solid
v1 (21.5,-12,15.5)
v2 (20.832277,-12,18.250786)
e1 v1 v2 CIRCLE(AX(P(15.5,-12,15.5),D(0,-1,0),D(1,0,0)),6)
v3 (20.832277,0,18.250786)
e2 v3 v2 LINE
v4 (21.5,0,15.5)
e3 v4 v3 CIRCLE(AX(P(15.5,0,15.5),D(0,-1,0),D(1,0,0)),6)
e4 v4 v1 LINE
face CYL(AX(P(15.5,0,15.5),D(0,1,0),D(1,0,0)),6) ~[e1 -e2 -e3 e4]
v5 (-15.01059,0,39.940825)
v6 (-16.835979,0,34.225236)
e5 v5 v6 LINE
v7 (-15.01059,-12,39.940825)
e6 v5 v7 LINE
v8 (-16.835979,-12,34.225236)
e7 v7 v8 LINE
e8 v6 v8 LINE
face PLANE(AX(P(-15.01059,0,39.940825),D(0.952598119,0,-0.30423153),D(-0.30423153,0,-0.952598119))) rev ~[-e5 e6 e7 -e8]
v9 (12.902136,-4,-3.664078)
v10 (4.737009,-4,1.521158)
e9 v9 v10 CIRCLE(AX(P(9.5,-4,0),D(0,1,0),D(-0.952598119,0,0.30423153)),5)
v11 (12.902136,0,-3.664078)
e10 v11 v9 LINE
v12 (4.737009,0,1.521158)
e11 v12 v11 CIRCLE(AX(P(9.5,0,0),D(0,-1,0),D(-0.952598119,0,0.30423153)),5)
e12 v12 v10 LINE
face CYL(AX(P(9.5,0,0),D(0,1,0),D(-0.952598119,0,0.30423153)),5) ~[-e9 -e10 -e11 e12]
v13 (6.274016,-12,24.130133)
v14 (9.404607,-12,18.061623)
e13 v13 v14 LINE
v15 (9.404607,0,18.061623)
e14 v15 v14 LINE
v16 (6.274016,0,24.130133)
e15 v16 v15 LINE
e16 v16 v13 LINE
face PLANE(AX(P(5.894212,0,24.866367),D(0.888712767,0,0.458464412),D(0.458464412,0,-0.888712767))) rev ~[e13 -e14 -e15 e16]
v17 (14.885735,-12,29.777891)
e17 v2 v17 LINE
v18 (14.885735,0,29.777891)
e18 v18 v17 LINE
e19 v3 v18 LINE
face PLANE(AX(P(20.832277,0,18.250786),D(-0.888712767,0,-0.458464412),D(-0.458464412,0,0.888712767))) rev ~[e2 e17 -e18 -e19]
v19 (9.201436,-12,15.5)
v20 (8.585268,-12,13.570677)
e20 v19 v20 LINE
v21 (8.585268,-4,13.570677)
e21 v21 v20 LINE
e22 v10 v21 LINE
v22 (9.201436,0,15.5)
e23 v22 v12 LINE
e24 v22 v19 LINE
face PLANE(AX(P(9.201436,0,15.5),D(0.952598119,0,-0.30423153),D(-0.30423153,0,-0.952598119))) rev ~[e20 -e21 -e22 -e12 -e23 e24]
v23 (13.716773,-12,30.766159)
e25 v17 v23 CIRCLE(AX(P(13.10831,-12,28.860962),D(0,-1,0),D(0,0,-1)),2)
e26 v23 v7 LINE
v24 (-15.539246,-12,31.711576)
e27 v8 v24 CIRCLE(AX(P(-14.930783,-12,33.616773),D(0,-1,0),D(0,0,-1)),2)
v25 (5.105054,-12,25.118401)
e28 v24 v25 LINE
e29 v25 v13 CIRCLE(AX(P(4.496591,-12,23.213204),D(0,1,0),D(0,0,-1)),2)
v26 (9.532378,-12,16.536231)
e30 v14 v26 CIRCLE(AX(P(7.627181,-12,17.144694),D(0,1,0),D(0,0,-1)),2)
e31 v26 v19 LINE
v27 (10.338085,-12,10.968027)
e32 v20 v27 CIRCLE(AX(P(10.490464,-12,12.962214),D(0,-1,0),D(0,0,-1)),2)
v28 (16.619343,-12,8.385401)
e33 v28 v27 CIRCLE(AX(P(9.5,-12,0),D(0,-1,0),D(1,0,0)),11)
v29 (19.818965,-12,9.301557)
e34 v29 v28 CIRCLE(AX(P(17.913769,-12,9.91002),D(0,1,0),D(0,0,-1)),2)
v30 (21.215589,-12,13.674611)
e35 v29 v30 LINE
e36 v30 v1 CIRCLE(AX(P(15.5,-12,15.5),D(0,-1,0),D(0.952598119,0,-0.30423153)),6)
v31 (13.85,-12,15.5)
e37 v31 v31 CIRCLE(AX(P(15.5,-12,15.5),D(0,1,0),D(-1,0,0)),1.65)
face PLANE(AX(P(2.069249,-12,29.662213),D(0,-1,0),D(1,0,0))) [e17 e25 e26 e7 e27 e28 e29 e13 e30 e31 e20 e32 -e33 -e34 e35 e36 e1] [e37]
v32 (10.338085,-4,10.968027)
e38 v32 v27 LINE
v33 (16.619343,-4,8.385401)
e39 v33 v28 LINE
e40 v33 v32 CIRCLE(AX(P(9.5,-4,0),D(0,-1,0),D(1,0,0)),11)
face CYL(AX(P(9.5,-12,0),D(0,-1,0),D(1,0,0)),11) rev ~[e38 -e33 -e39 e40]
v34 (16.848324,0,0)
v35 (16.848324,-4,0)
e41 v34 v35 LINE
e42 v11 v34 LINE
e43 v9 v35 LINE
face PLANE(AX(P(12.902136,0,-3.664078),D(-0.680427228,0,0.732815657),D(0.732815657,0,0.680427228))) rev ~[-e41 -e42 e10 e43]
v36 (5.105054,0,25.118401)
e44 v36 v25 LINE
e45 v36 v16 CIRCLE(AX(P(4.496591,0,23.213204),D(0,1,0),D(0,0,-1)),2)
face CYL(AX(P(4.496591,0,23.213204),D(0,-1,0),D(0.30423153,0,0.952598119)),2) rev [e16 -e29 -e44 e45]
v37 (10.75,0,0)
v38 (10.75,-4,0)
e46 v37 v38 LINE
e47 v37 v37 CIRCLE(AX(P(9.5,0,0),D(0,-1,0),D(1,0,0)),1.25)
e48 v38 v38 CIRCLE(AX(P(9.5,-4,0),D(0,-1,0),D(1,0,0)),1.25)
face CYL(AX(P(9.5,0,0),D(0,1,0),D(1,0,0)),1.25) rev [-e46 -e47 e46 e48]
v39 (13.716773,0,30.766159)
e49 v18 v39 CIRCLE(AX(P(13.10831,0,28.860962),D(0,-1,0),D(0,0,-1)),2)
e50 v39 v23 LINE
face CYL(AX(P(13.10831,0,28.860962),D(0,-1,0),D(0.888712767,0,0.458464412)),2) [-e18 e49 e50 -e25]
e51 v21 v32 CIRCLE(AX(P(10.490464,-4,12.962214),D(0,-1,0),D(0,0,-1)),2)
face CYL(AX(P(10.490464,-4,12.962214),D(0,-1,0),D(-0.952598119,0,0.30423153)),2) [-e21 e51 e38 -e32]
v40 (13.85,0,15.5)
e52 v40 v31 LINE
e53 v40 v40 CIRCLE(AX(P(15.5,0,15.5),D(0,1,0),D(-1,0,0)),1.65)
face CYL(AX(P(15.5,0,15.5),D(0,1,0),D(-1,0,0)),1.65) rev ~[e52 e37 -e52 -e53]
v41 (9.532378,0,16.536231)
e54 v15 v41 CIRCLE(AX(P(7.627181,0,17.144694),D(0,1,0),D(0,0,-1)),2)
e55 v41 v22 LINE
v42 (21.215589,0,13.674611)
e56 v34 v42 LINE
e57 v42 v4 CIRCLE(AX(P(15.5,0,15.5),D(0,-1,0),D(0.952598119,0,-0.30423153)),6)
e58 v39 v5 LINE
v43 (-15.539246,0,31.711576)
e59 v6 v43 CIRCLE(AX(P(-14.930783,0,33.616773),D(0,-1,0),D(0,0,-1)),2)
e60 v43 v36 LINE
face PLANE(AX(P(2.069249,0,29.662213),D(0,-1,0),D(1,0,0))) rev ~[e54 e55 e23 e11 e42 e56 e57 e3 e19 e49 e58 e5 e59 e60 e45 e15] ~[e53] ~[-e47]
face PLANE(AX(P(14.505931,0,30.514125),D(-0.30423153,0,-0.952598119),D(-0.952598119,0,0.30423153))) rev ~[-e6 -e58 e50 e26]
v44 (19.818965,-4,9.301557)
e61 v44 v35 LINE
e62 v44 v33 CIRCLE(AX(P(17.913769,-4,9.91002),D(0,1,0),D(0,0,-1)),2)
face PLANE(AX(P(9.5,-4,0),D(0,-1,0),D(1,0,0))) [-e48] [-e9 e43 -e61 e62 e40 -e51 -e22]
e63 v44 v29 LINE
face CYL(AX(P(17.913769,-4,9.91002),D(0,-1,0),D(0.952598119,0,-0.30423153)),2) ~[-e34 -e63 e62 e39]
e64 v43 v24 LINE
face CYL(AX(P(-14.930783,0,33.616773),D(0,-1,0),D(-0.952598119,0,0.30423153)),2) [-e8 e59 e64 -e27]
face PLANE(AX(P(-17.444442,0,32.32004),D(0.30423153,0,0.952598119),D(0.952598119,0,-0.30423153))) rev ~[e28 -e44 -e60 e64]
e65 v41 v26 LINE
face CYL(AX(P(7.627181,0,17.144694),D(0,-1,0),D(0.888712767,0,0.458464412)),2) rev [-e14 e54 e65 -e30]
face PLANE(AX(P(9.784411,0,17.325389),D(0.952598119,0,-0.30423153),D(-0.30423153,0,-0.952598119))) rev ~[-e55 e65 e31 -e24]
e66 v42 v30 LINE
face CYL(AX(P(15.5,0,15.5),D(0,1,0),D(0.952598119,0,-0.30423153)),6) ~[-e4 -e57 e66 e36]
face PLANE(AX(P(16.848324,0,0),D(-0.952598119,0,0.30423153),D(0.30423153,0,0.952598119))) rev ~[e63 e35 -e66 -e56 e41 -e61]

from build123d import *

# Parameters (mm, degrees)
F0_R     = 1.25
F1_DEPTH = 12
F2_R     = 11
F2_R_2   = 1.25
F3_DEPTH = 8
F4_R     = 2


with BuildPart() as f1:
    # F0 (on Front) → F1 (new body)
    with BuildSketch(Plane.XZ):
        with BuildLine():
            Line((5.8942117522, 24.8663670726), (17.3253891795, 21.2155887136))
            ThreePointArc((17.3253891795, 21.2155887136), (19.3737008087, 20.0819692322), (20.832276605, 18.2507864708))
            Line((20.832276605, 18.2507864708), (14.5059308294, 30.5141249497))
            Line((14.5059308294, 30.5141249497), (-15.0105899225, 39.9408245069))
            Line((-15.0105899225, 39.9408245069), (-17.4444421618, 32.3200395554))
            Line((-17.4444421618, 32.3200395554), (5.8942117522, 24.8663670726))
        make_face()
        with BuildLine():
            Line((5.8942117522, 24.8663670726), (9.7844112864, 17.3253891795))
            ThreePointArc((9.7844112864, 17.3253891795), (12.7492135292, 20.832276605), (17.3253891795, 21.2155887136))
            Line((17.3253891795, 21.2155887136), (5.8942117522, 24.8663670726))
        make_face()
        with BuildLine():
            ThreePointArc((17.3253891795, 21.2155887136), (12.7492135292, 20.832276605), (9.7844112864, 17.3253891795))
            ThreePointArc((9.7844112864, 17.3253891795), (9.5715291903, 16.4237065871), (9.5, 15.5))
            ThreePointArc((9.5, 15.5), (14.5762934129, 9.5715291903), (21.2155887136, 13.6746108205))
            ThreePointArc((21.2155887136, 13.6746108205), (21.4284708097, 14.5762934129), (21.5, 15.5))
            ThreePointArc((21.5, 15.5), (21.3306800474, 16.9153339482), (20.832276605, 18.2507864708))
            ThreePointArc((20.832276605, 18.2507864708), (19.3737008087, 20.0819692322), (17.3253891795, 21.2155887136))
        make_face()
        with BuildLine():
            ThreePointArc((17.15, 15.5), (15.5, 13.85), (13.85, 15.5))
            ThreePointArc((13.85, 15.5), (15.5, 17.15), (17.15, 15.5))
        make_face(mode=Mode.SUBTRACT)
        with BuildLine():
            ThreePointArc((4.7370094053, 1.5211576496), (10.2697554893, 4.9403923414), (14.5, 0))
            ThreePointArc((14.5, 0), (14.0831583376, -1.9986644672), (12.9021361391, -3.6640782867))
            Line((12.9021361391, -3.6640782867), (16.8483243992, 0))
            Line((16.8483243992, 0), (21.2155887136, 13.6746108205))
            ThreePointArc((21.2155887136, 13.6746108205), (14.5762934129, 9.5715291903), (9.5, 15.5))
            Line((9.5, 15.5), (9.2014362293, 15.5))
            Line((9.2014362293, 15.5), (4.7370094053, 1.5211576496))
        make_face()
        with BuildLine():
            ThreePointArc((12.9021361391, -3.6640782867), (14.0831583376, -1.9986644672), (14.5, 0))
            ThreePointArc((14.5, 0), (10.2697554893, 4.9403923414), (4.7370094053, 1.5211576496))
            ThreePointArc((4.7370094053, 1.5211576496), (6.819580417, -4.2208234811), (12.9021361391, -3.6640782867))
        make_face()
        with Locations((9.5, 0)):
            Circle(F0_R, mode=Mode.SUBTRACT)
        with BuildLine():
            Line((9.7844112864, 17.3253891795), (9.2014362293, 15.5))
            Line((9.2014362293, 15.5), (9.5, 15.5))
            ThreePointArc((9.5, 15.5), (9.5715291903, 16.4237065871), (9.7844112864, 17.3253891795))
        make_face()
    extrude(amount=F1_DEPTH)

    # F2 (on face) → F3 (cut)
    with BuildSketch(Plane.XZ.offset(12)):
        with Locations((9.5, 0)):
            Circle(F2_R)
        with Locations((9.5, 0)):
            Circle(F2_R_2, mode=Mode.SUBTRACT)
    extrude(amount=-F3_DEPTH, mode=Mode.SUBTRACT)

    # F4
    f4_edges = [f1.edges().sort_by_distance(p)[0] for p in [
        (-17.444442, -6, 32.32004),
        (5.894212, -6, 24.866367),
        (9.784411, -6, 17.325389),
        (7.717857, -8, 10.854675),
        (18.749677, -8, 5.953442),
        (14.505931, -6, 30.514125),
    ]]
    fillet(f4_edges, radius=F4_R)


solid = f1.part
